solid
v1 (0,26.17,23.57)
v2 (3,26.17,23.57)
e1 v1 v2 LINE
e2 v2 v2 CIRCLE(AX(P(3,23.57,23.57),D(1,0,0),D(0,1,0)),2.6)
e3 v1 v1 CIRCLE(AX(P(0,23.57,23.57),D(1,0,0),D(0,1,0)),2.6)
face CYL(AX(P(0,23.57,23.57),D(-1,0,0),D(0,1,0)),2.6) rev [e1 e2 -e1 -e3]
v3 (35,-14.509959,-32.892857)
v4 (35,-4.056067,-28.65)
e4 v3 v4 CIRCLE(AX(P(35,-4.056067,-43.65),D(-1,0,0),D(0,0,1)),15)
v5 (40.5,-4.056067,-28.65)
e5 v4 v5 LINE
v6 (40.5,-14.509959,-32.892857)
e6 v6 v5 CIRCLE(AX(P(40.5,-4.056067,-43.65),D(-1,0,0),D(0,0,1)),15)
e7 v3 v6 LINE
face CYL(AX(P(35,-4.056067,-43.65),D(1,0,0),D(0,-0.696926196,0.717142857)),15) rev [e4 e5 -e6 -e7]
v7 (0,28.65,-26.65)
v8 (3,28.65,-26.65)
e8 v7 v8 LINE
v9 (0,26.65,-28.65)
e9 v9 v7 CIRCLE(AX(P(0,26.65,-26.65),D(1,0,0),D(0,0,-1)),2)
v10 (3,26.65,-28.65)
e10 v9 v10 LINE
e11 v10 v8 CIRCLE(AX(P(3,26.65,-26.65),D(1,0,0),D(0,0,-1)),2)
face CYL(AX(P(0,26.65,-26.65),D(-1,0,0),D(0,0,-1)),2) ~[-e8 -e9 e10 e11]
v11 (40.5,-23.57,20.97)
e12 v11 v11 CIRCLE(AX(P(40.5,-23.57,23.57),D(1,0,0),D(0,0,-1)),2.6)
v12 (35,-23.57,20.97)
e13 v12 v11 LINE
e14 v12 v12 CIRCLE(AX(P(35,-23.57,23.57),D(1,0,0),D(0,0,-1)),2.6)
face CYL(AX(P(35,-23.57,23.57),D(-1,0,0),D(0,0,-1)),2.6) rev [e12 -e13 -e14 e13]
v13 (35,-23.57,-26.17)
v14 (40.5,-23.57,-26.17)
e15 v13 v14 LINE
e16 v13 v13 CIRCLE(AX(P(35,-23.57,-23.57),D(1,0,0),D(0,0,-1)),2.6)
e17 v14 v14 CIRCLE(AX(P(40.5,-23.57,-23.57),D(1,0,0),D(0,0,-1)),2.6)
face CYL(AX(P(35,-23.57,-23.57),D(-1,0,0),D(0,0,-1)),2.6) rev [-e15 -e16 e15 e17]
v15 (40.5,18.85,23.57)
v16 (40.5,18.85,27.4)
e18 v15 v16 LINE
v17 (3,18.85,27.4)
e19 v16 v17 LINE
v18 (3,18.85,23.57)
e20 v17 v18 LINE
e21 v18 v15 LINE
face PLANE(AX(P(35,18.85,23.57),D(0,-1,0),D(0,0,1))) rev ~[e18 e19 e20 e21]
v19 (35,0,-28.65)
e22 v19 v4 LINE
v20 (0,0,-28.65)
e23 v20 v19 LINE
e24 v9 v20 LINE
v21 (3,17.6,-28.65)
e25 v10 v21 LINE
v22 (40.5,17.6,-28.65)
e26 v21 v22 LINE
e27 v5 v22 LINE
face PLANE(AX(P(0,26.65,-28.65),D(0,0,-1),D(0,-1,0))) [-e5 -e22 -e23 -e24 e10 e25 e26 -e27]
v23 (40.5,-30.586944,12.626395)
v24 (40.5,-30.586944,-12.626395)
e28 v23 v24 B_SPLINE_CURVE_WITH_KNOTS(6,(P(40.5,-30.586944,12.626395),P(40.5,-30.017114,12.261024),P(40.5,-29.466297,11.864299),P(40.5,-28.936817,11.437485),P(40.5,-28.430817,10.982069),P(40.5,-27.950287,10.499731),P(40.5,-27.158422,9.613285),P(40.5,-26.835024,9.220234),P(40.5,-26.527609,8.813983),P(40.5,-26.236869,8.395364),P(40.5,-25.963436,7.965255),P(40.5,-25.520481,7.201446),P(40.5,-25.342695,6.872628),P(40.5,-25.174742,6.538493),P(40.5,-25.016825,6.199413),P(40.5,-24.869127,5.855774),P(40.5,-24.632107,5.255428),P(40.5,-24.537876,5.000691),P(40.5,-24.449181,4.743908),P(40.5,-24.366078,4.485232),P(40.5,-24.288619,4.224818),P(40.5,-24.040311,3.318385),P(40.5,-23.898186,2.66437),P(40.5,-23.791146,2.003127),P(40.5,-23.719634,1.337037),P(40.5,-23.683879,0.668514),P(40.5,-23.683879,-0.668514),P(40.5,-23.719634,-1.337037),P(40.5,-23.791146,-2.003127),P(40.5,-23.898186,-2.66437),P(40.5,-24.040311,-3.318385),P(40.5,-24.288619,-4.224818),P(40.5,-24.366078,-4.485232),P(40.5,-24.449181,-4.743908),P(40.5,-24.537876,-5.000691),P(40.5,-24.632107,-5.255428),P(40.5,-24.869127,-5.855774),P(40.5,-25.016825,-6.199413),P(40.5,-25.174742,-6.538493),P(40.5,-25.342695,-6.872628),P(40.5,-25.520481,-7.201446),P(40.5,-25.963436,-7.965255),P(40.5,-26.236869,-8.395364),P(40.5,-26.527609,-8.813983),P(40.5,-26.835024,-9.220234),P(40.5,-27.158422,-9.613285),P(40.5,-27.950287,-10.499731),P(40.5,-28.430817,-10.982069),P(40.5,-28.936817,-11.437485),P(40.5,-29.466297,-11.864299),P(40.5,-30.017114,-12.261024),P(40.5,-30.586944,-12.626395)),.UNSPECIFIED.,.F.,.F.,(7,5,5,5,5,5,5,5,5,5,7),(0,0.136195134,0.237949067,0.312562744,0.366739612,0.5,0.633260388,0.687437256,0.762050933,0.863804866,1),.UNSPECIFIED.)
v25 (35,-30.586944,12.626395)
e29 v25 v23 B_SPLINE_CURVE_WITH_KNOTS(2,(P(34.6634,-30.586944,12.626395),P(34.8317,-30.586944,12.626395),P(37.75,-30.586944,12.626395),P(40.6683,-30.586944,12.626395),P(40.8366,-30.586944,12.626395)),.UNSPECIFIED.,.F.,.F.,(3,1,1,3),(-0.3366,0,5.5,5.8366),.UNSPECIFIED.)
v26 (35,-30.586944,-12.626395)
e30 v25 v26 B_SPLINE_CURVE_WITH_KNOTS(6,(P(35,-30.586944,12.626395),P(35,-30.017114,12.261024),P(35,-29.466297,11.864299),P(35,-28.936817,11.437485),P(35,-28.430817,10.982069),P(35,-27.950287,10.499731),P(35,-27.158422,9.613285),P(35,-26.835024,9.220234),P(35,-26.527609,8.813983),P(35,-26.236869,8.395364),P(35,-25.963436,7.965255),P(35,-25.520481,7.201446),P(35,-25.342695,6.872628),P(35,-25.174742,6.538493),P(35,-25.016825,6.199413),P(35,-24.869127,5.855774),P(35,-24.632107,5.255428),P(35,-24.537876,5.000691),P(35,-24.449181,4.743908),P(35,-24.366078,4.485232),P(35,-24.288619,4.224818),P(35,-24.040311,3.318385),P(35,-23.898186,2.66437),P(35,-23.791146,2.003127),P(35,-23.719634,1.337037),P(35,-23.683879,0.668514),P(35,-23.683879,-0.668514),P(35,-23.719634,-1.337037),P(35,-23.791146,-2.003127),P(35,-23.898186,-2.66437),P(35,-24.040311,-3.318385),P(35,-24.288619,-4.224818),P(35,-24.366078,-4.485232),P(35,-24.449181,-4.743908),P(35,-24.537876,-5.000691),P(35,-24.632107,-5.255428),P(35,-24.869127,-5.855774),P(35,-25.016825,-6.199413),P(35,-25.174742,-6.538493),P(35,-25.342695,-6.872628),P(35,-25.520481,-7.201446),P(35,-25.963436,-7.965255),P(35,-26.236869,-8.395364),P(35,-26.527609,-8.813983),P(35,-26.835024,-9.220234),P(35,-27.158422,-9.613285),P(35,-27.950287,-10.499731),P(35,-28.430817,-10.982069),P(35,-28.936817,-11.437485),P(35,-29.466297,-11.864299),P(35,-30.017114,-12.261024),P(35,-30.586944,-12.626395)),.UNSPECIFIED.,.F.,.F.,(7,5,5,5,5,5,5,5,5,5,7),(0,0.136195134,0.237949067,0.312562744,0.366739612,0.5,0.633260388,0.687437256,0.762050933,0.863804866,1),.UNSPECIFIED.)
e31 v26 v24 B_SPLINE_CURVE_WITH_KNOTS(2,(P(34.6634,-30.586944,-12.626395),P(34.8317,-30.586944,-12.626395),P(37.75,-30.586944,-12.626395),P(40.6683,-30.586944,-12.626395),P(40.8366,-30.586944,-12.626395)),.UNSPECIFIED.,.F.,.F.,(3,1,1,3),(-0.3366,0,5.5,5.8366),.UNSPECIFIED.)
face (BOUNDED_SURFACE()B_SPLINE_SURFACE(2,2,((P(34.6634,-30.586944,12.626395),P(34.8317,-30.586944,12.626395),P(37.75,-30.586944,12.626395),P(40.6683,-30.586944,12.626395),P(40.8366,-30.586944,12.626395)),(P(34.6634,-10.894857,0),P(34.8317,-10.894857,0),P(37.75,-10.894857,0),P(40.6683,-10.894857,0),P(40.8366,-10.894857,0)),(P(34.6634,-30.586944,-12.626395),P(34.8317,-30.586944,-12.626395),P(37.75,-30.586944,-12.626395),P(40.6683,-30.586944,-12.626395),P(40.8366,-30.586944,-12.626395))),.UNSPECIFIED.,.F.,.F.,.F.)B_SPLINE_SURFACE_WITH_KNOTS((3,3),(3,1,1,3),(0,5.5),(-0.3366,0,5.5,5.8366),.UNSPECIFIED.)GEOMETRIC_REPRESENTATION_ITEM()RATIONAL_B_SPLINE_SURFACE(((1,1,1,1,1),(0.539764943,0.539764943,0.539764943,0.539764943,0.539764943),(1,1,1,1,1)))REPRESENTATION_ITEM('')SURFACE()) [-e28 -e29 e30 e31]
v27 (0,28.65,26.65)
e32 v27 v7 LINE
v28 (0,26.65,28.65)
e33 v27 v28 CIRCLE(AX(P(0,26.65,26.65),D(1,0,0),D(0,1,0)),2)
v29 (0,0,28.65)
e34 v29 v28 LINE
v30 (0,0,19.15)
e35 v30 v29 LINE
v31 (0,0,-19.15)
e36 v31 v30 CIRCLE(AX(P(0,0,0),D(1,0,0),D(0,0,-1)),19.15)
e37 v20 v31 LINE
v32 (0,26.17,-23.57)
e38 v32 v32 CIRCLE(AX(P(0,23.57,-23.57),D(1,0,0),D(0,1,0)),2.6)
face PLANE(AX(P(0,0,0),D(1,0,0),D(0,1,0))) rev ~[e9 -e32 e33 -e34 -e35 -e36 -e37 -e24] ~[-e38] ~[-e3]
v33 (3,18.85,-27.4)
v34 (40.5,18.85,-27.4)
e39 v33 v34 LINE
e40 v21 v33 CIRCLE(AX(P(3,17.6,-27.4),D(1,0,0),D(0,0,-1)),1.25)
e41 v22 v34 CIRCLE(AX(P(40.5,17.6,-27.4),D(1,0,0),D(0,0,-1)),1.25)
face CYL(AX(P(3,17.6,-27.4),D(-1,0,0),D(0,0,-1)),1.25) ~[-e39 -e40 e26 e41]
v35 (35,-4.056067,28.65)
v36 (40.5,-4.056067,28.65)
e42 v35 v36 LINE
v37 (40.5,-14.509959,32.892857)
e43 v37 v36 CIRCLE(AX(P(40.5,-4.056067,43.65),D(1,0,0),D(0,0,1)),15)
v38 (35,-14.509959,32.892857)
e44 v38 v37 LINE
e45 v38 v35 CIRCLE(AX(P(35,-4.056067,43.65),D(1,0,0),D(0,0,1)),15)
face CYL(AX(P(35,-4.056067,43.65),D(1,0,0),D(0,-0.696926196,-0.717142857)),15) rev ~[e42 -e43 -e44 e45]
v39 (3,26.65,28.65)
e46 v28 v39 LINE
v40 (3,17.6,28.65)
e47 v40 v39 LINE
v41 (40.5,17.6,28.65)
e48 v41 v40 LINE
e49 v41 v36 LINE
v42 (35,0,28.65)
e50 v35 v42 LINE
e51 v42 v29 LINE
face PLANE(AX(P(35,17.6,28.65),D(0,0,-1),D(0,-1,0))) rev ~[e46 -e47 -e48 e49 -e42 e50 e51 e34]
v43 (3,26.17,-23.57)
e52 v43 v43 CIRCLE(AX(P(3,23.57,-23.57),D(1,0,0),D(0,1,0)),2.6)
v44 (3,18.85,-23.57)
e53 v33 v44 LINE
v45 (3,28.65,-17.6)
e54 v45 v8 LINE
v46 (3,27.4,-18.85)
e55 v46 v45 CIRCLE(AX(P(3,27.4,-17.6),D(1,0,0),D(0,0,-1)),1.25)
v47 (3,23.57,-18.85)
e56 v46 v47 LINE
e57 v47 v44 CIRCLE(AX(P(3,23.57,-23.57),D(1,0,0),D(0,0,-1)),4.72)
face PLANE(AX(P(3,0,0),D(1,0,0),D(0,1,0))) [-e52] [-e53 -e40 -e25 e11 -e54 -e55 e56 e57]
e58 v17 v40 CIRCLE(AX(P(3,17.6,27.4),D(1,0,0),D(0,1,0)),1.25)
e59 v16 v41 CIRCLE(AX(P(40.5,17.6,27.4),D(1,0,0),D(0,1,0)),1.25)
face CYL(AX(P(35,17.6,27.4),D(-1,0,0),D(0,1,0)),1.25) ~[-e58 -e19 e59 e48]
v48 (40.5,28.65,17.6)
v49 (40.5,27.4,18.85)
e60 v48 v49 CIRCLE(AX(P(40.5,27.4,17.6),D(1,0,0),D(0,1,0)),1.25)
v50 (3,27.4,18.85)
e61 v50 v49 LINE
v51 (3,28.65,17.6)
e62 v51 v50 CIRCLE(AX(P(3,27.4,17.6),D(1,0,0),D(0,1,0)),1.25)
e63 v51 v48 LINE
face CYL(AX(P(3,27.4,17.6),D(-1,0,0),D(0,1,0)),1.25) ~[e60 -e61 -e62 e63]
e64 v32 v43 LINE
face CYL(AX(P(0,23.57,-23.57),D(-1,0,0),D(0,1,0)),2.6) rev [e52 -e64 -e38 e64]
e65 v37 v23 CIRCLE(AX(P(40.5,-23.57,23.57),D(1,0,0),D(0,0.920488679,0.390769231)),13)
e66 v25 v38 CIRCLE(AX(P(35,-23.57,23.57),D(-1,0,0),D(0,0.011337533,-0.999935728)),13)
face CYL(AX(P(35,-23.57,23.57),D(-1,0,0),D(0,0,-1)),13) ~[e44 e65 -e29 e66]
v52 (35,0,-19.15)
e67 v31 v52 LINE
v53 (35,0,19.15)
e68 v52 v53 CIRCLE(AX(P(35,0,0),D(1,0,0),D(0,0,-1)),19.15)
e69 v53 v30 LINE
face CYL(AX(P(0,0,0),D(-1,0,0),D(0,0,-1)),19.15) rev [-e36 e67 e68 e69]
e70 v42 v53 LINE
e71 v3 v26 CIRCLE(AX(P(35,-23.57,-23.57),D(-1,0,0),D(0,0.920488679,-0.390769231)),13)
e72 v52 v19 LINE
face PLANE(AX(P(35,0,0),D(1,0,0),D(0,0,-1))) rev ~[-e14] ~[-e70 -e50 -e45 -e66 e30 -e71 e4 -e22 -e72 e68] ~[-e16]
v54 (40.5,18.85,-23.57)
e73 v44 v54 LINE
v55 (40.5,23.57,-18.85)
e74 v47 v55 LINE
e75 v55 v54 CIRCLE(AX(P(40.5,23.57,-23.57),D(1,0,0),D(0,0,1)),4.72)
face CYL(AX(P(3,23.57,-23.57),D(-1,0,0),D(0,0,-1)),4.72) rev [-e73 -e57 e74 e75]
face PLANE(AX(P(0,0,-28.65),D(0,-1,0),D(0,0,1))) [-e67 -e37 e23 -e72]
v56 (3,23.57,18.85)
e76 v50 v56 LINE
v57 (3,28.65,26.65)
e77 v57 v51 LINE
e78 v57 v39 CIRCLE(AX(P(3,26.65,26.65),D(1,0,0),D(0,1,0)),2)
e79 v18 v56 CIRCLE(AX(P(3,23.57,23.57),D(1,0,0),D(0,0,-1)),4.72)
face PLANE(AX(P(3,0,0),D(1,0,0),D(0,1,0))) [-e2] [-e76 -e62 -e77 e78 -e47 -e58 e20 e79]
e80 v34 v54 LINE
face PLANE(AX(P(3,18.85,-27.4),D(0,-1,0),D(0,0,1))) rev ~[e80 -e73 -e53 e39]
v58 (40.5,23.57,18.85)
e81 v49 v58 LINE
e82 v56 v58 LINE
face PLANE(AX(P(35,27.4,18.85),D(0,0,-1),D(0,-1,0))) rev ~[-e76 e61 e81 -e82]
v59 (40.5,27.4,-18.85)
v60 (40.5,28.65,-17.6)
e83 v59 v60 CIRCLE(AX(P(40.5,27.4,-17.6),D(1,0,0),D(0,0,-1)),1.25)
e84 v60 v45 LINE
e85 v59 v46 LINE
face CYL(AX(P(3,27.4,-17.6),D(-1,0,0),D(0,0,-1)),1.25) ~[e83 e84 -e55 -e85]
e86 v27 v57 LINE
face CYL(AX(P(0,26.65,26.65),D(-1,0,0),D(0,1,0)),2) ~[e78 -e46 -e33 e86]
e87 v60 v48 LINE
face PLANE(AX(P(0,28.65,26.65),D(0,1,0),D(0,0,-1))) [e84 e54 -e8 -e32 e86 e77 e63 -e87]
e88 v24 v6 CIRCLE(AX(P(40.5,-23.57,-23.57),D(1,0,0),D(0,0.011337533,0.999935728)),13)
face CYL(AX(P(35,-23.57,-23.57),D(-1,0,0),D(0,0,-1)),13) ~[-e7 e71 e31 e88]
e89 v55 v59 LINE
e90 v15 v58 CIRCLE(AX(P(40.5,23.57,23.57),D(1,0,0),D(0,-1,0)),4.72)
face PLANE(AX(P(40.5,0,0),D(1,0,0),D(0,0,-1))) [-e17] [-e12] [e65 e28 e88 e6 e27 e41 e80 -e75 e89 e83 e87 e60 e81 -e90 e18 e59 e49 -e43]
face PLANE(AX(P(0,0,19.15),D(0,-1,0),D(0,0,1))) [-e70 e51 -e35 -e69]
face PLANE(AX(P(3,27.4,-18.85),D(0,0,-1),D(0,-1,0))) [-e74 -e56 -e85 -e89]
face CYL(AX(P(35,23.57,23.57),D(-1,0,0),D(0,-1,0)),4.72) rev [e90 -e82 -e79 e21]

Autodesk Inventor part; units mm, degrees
ref_plane "YZ Plane" through (0, 0, 0) normal (1, 0, 0) x (0, 1, 0)
ref_plane "XZ Plane" through (0, 0, 0) normal (0, 1, 0) x (-1, 0, 0)
ref_plane "XY Plane" through (0, 0, 0) normal (0, 0, 1) x (1, 0, 0)
sketch "Sketch1" plane through (0, 0, 0) normal (1, 0, 0) x (0, 1, 0)
  arc A0 (0, -19.15) -> (0, 19.15) centre (0, 0) ccw
  line L0 (0, 28.65) -> (26.65, 28.65)
  line L1 (28.65, 26.65) -> (28.65, -26.65)
  line L2 (26.65, -28.65) -> (0, -28.65)
  line L3 (0, -28.65) -> (0, -19.15)
  line L4 (0, 19.15) -> (0, 28.65)
  arc A1 (28.65, 26.65) -> (26.65, 28.65) centre (26.65, 26.65) ccw
  arc A2 (26.65, -28.65) -> (28.65, -26.65) centre (26.65, -26.65) ccw
  line L5 (0, 23.57) -> (23.57, 23.57) construction
  line L6 (23.57, 23.57) -> (23.57, -23.57) construction
  line L7 (23.57, -23.57) -> (0, -23.57) construction
  line L8 (0, -23.57) -> (0, 23.57) construction
  circle A3 centre (23.57, 23.57) radius 2.6
  circle A4 centre (23.57, -23.57) radius 2.6
  point P0 (28.65, -28.65)
  point P1 (28.65, 28.65)
  dimension "d0" = 38.3
  dimension "d1" = 28.65
  dimension "d2" = 57.3
  dimension "d3" = 28.65
  dimension "d4" = 2
  dimension "d5" = 23.57
  dimension "d6" = 47.14
  dimension "d7" = 23.57
  dimension "d8" = 5.2
  dimension "d9" = 5.2
extrude "Extrusion1" add sketch "Sketch1" along normal blind 3
sketch "Sketch2" plane through (3, 0, 0) normal (1, 0, 0) x (0, 0, -1)
  circle A0 centre (-23.57, 23.57) radius 2.6 projected
  circle A1 centre (23.57, 23.57) radius 2.6 projected
  circle A2 centre (-23.57, 23.57) radius 4.72
  circle A3 centre (23.57, 23.57) radius 4.72
  line L0 (26.65, 28.65) -> (-26.65, 28.65) projected
  line L1 (-28.65, 26.65) -> (-28.65, 0) projected
  line L2 (28.65, 0) -> (28.65, 26.65) projected
  line L3 (26.65, 28.65) -> (-26.65, 28.65) projected
  arc A4 (-26.65, 28.65) -> (-28.65, 26.65) centre (-26.65, 26.65) ccw projected
  line L4 (-28.65, 26.65) -> (-28.65, 0) projected
  line L5 (-28.65, 0) -> (-19.15, 0) projected
  arc A5 (19.15, 0) -> (-19.15, 0) centre (0, 0) ccw projected
  line L6 (19.15, 0) -> (28.65, 0) projected
  line L7 (28.65, 0) -> (28.65, 26.65) projected
  arc A6 (28.65, 26.65) -> (26.65, 28.65) centre (26.65, 26.65) ccw projected
  circle A7 centre (-23.57, 23.57) radius 2.6 projected
  circle A8 centre (23.57, 23.57) radius 2.6 projected
  line L8 (-18.85, 28.65) -> (-18.85, 23.57)
  line L9 (-28.65, 18.85) -> (-23.57, 18.85)
  line L10 (18.85, 28.65) -> (18.85, 23.57)
  line L11 (28.65, 18.85) -> (23.57, 18.85)
  arc A9 (-17.6, 28.65) -> (-18.85, 27.4) centre (-17.6, 27.4) ccw
  arc A10 (-27.4, 18.85) -> (-28.65, 17.6) centre (-27.4, 17.6) ccw
  arc A11 (18.85, 27.4) -> (17.6, 28.65) centre (17.6, 27.4) ccw
  arc A12 (28.65, 17.6) -> (27.4, 18.85) centre (27.4, 17.6) ccw
  point P0 (-2.4769, -5.2226)
  point P1 (-57.3, 46.4)
  point P2 (-57.3, 10.9)
  point P3 (0, 10.9)
  point P4 (0, 46.4)
  point P5 (-10.9124, 57.3)
  point P6 (-46.3876, 57.3)
  dimension "d34" = 2.12
  dimension "d35" = 2.12
  dimension "d36" = 2.5
  dimension "d37" = 2.5
  dimension "d38" = 2.5
  dimension "d39" = 2.5
extrude "Extrusion2" add sketch "Sketch2" along normal blind 32 contours L8 A9 L0 A11 L10 A3 L11 A12 L2 L6 A5 L5 L1 A10 L9 A2
sketch "Sketch3" plane through (35, 0, 0) normal (1, 0, 0) x (0, 0, -1)
  circle A0 centre (-23.57, 23.57) radius 2.6 construction
  line L0 (-23.57, 23.57) -> (23.57, 23.57) construction
  line L1 (23.57, 23.57) -> (23.57, -23.57) construction
  line L2 (23.57, -23.57) -> (-23.57, -23.57) construction
  line L3 (-23.57, -23.57) -> (-23.57, 23.57) construction
  circle A1 centre (-23.57, -23.57) radius 2.6
  circle A2 centre (23.57, -23.57) radius 2.6
  arc A3 (-26.65, 28.65) -> (-28.65, 26.65) centre (-26.65, 26.65) ccw projected
  line L4 (-17.6, 28.65) -> (-26.65, 28.65) projected
  line L5 (17.6, 28.65) -> (-17.6, 28.65) projected
  line L6 (26.65, 28.65) -> (17.6, 28.65) projected
  arc A4 (28.65, 26.65) -> (26.65, 28.65) centre (26.65, 26.65) ccw projected
  line L7 (0, 0) -> (-7.096, 0) construction
  arc A5 (-28.65, -26.65) -> (-26.65, -28.65) centre (-26.65, -26.65) ccw
  line L8 (-20.0479, -28.65) -> (-26.65, -28.65)
  line L9 (26.65, -28.65) -> (20.0479, -28.65)
  arc A6 (26.65, -28.65) -> (28.65, -26.65) centre (26.65, -26.65) ccw
  line L10 (-28.65, 0) -> (-19.15, 0) projected
  line L11 (19.15, 0) -> (28.65, 0) projected
  line L12 (-28.65, 0) -> (-19.15, 0) projected
  line L13 (-28.65, 0) -> (-28.65, -26.65)
  line L14 (28.65, 0) -> (28.65, 17.6) projected
  line L15 (28.65, 0) -> (28.65, -26.65)
  arc A7 (16.0392, -27.1143) -> (-16.0392, -27.1143) centre (0, -44.9767) ccw
  arc A8 (-20.0479, -28.65) -> (-16.0392, -27.1143) centre (-20.0479, -22.65) ccw
  arc A9 (16.0392, -27.1143) -> (20.0479, -28.65) centre (20.0479, -22.65) ccw
  arc A10 (19.15, 0) -> (-19.15, 0) centre (0, 0) ccw projected
  line L16 (19.15, 0) -> (28.65, 0) projected
  line L17 (28.65, 0) -> (28.65, 17.6) projected
  arc A11 (28.65, 17.6) -> (27.4, 18.85) centre (27.4, 17.6) ccw projected
  line L18 (27.4, 18.85) -> (23.57, 18.85) projected
  arc A12 (18.85, 23.57) -> (23.57, 18.85) centre (23.57, 23.57) ccw projected
  line L19 (18.85, 23.57) -> (18.85, 27.4) projected
  arc A13 (18.85, 27.4) -> (17.6, 28.65) centre (17.6, 27.4) ccw projected
  line L20 (17.6, 28.65) -> (-17.6, 28.65) projected
  arc A14 (-17.6, 28.65) -> (-18.85, 27.4) centre (-17.6, 27.4) ccw projected
  line L21 (-18.85, 27.4) -> (-18.85, 23.57) projected
  arc A15 (-23.57, 18.85) -> (-18.85, 23.57) centre (-23.57, 23.57) ccw projected
  line L22 (-23.57, 18.85) -> (-27.4, 18.85) projected
  arc A16 (-27.4, 18.85) -> (-28.65, 17.6) centre (-27.4, 17.6) ccw projected
  line L23 (-28.65, 17.6) -> (-28.65, 0) projected
  line L24 (-28.65, 0) -> (-19.15, 0) projected
  circle A17 centre (23.57, -23.57) radius 13
  circle A18 centre (-23.57, -23.57) radius 13
  point P0 (-17.6, -28.65)
  point P1 (17.6, -28.65)
  point P2 (10.5708, -23.4226)
  point P3 (28.65, -11.6036)
  point P4 (-28.65, -11.6036)
  point P5 (-10.5708, -23.4226)
  dimension "d42" = 47.14
  dimension "d43" = 47.14
  dimension "d44" = 5.2
  dimension "d45" = 5.2
  dimension "d46" = 6
  dimension "d49" = 26
  dimension "d50" = 26
extrude "Extrusion3" add sketch "Sketch3" along normal blind 5.5
fillet "Fillet1" radius 15 4 edges at (37.75, -11.6036, 28.65) (37.75, -11.6036, -28.65) (37.75, -23.4226, 10.5708) (37.75, -23.4226, -10.5708)
equation "\"d3\" = 0.5 * d2"
equation "\"d7\" = d5"
equation "\"d9\" = d8"
equation "\"d37\" = d36"
equation "\"d38\" = d36"
equation "\"d39\" = d36"
properties part number "X Axis Pully Support"
